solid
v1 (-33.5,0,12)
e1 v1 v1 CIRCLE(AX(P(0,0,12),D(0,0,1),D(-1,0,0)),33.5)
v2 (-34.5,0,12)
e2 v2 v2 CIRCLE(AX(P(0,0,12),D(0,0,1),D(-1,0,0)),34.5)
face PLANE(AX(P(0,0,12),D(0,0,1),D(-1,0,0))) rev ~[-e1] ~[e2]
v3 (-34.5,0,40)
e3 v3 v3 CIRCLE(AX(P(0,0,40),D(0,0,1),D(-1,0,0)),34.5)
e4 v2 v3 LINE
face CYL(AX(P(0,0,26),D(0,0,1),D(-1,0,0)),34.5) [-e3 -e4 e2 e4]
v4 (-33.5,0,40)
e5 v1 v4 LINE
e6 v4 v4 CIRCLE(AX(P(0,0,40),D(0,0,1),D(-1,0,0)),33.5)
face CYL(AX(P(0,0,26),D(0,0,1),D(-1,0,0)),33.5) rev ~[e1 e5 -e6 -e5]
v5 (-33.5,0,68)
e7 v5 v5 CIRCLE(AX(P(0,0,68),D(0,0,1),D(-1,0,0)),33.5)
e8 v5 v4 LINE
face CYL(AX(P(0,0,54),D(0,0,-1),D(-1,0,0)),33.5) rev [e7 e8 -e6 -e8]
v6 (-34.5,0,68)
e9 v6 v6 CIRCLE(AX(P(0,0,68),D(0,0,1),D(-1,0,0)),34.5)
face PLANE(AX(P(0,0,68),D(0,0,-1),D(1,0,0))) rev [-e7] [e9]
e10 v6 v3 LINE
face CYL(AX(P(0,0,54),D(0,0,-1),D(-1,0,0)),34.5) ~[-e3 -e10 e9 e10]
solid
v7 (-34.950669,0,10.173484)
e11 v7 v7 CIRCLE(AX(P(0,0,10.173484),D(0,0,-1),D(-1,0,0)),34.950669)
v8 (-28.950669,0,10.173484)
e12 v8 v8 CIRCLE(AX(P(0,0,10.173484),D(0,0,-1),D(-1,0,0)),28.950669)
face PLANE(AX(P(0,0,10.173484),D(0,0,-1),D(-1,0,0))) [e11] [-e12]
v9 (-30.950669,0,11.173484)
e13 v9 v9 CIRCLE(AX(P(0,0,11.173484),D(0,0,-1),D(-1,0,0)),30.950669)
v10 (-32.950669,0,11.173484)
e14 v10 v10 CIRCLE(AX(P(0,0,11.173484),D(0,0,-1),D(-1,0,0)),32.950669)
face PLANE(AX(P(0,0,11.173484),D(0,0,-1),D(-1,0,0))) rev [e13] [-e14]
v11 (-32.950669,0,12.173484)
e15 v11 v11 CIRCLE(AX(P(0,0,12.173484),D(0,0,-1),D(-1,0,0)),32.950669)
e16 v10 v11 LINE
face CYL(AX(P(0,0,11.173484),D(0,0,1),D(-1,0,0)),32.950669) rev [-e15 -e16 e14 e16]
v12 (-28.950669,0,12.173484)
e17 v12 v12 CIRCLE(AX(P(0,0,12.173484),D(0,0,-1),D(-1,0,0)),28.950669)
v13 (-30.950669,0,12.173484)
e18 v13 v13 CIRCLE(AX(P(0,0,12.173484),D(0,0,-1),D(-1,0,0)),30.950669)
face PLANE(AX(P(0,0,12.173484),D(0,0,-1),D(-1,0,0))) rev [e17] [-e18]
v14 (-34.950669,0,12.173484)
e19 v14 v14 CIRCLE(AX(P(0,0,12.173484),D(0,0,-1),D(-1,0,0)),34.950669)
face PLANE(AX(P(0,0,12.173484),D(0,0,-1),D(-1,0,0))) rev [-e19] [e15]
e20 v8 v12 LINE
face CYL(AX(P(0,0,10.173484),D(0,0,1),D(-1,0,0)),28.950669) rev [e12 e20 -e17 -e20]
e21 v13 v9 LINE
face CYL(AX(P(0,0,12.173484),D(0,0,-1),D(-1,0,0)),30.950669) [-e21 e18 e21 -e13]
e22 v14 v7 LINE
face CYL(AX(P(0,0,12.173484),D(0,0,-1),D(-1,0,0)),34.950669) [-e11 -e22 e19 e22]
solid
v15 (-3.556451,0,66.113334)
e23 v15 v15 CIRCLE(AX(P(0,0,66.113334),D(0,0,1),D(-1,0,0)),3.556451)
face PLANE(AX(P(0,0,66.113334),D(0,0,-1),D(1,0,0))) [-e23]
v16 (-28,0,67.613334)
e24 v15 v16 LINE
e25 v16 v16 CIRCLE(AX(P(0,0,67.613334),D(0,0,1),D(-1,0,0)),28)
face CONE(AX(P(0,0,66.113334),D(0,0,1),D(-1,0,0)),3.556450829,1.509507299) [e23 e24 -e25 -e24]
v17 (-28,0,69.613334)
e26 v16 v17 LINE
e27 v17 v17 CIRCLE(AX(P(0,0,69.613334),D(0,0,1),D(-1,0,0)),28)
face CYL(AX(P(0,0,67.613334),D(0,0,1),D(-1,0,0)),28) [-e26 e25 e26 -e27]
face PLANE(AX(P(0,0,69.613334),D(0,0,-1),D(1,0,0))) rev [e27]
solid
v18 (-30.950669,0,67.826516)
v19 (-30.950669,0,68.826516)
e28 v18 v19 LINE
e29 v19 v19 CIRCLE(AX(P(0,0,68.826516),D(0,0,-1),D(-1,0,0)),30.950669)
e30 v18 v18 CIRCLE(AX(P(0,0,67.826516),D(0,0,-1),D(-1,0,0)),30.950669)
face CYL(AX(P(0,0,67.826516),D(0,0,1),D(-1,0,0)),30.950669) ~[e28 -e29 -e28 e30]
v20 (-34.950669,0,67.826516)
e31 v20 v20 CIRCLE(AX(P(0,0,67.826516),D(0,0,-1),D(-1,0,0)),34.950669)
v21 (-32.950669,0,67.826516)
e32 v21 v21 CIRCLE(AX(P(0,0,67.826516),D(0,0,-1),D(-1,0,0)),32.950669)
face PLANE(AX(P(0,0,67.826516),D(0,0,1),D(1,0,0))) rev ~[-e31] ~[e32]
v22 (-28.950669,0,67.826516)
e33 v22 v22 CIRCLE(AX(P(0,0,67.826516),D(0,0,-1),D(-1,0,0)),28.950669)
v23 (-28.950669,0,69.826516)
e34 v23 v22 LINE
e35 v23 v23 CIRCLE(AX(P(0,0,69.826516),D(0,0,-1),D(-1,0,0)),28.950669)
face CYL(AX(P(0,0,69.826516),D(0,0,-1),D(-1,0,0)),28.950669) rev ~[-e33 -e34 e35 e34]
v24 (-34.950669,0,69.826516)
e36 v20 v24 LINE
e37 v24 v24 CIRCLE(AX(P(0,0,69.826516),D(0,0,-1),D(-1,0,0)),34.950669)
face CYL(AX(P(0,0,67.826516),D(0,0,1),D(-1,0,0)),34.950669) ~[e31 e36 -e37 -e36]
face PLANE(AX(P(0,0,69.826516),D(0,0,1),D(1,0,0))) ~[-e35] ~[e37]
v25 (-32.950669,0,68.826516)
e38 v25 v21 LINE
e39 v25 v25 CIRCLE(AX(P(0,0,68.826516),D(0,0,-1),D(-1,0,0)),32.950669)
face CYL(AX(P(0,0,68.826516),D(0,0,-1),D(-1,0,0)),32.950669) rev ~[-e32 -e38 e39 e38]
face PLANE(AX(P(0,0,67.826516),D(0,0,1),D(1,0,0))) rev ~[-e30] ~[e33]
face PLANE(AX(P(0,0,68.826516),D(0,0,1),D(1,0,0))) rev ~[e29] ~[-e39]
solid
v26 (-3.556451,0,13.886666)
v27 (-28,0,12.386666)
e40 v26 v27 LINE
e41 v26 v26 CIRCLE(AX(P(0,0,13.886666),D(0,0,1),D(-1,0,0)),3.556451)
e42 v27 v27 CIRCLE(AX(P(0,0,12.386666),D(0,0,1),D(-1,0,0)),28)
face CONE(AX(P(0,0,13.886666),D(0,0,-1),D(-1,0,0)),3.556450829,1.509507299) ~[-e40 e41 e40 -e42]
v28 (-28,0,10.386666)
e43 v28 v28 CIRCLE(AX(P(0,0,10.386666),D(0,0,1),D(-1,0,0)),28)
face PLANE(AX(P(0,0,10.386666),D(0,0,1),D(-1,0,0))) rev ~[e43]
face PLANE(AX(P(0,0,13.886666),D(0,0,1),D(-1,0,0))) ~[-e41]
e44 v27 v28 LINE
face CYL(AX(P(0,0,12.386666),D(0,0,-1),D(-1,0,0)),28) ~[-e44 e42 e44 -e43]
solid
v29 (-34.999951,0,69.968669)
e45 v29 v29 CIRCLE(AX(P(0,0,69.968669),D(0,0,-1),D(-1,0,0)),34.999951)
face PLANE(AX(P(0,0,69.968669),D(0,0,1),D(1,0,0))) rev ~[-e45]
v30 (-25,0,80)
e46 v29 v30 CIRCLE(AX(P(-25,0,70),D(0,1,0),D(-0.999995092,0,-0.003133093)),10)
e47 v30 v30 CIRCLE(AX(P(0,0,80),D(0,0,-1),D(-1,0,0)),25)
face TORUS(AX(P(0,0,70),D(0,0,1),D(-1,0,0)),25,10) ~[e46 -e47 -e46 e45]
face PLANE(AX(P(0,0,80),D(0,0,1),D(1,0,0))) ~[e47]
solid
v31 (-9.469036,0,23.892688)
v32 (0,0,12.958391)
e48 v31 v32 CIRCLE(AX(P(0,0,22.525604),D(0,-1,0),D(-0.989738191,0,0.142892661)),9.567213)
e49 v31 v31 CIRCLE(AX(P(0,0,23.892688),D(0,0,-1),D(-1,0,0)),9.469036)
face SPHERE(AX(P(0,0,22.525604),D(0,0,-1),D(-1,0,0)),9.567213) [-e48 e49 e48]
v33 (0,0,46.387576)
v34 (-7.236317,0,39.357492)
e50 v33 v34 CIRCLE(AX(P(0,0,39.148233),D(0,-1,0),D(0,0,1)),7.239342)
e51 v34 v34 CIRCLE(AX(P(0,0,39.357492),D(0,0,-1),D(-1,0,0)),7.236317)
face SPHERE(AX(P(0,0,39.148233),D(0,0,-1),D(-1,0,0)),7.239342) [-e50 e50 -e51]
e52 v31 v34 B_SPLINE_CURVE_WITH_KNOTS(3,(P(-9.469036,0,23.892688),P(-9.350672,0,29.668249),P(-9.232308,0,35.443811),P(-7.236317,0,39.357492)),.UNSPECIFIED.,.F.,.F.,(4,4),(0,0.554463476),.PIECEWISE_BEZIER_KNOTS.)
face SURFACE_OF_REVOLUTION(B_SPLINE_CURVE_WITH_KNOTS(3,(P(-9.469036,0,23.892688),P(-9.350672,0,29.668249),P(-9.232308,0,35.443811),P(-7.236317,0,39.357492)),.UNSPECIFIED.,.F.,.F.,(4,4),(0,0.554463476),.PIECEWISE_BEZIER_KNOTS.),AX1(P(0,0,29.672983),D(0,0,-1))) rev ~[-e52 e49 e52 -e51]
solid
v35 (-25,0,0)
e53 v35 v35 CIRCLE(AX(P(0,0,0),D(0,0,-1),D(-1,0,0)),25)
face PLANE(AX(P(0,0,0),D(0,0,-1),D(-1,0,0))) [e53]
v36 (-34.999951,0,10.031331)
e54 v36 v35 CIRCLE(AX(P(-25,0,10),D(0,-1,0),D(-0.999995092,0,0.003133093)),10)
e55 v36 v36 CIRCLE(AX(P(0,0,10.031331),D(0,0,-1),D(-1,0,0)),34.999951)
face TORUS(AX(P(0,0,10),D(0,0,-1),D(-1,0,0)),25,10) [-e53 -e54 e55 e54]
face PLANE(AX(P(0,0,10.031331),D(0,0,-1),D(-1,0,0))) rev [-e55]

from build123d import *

# Parameters (mm, degrees)
F6_W = 1
F6_H = 28


with BuildPart() as f1:
    # F0 (on Front) → F1 (revolve)
    with BuildSketch(Plane.XZ):
        with BuildLine():
            Line((-25, 0), (0, 0))
            Line((0, 0), (0, 10.031330929))
            Line((0, 10.031330929), (-21.0599925694, 10.031330929))
            Line((-21.0599925694, 10.031330929), (-34.9999509185, 10.031330929))
            ThreePointArc((-34.9999509185, 10.031330929), (-32.0821363052, 2.9400180344), (-25, 0))
        make_face()
    revolve(axis=Axis((0, 0, 5.0156654645), (0, 0, -1)))


with BuildPart() as f3:
    # F2 (on Front) → F3 (revolve)
    with BuildSketch(Plane.XZ):
        Polygon((-34.9506689868, 12.1734843188), (-34.9506689868, 10.1734843188), (-28.9506689868, 10.1734843188), (-28.9506689868, 12.1734843188), (-30.9506689868, 12.1734843188), (-30.9506689868, 11.1734843188), (-32.9506689868, 11.1734843188), (-32.9506689868, 12.1734843188), align=None)
    revolve(axis=Axis((0, 0, 22.9168939404), (0, 0, -1)))


with BuildPart() as f5:
    # F4 (on Front) → F5 (revolve)
    with BuildSketch(Plane.XZ):
        Polygon((-28, 10.3866659856), (0, 10.3866659856), (0, 13.8866659856), (-3.5564508289, 13.8866659856), (-28, 12.3866659856), align=None)
    revolve(axis=Axis((0, 0, 12.1366659856), (0, 0, 1)))


with BuildPart() as f7:
    # F6 (on Front) → F7 (revolve)
    with BuildSketch(Plane.XZ):
        with Locations((-34, 26)):
            Rectangle(F6_W, F6_H)
    revolve(axis=Axis((0, 0, 18.1633082684), (0, 0, 1)))

    # F9: F7 across face


with BuildPart() as f8_1:
    # F8: instance of F5
    add(f5.part.mirror(Plane.XY.offset(40)))


with BuildPart() as f8_2:
    # F8: instance of F3
    add(f3.part.mirror(Plane.XY.offset(40)))


with BuildPart() as f8_3:
    # F8: instance of F1
    add(f1.part.mirror(Plane.XY.offset(40)))


with BuildPart() as f7_1:
    add(f7.part)
    add(f7.part.mirror(Plane.XY.offset(40)))


with BuildPart() as f11:
    # F10 (on Front) → F11 (revolve)
    with BuildSketch(Plane.XZ):
        with BuildLine():
            add(Edge.make_bspline(
                [(-9.4690360992, 23.8926882737), (-9.3506720688, 29.668249432), (-9.2323080383, 35.4438105903), (-7.236317452, 39.3574916781)],
                knots=[0, 0, 0, 0, 0.5544634756, 0.5544634756, 0.5544634756, 0.5544634756], degree=3))
            ThreePointArc((-9.4690360992, 23.8926882737), (-7.2322456278, 16.2625224001), (0, 12.9583907364))
            Line((0, 12.9583907364), (0, 46.3875756073))
            add(Edge.make_bspline(
                [(-7.236317452, 39.3574916781), (-5.6324485812, 42.5023117541), (-2.8162242906, 44.4449436807), (0, 46.3875756073)],
                knots=[0.5544634756, 0.5544634756, 0.5544634756, 0.5544634756, 1, 1, 1, 1], degree=3))
        make_face()
        with BuildLine():
            ThreePointArc((0, 46.3875756073), (-5.0444615748, 44.3406783051), (-7.236317452, 39.3574916781))
            add(Edge.make_bspline(
                [(-7.236317452, 39.3574916781), (-5.6324485812, 42.5023117541), (-2.8162242906, 44.4449436807), (0, 46.3875756073)],
                knots=[0.5544634756, 0.5544634756, 0.5544634756, 0.5544634756, 1, 1, 1, 1], degree=3))
        make_face()
    revolve(axis=Axis((0, 0, 29.6729831718), (0, 0, -1)))


solid = Compound([f1.part, f3.part, f5.part, f8_1.part, f8_2.part, f8_3.part, f7_1.part, f11.part])
